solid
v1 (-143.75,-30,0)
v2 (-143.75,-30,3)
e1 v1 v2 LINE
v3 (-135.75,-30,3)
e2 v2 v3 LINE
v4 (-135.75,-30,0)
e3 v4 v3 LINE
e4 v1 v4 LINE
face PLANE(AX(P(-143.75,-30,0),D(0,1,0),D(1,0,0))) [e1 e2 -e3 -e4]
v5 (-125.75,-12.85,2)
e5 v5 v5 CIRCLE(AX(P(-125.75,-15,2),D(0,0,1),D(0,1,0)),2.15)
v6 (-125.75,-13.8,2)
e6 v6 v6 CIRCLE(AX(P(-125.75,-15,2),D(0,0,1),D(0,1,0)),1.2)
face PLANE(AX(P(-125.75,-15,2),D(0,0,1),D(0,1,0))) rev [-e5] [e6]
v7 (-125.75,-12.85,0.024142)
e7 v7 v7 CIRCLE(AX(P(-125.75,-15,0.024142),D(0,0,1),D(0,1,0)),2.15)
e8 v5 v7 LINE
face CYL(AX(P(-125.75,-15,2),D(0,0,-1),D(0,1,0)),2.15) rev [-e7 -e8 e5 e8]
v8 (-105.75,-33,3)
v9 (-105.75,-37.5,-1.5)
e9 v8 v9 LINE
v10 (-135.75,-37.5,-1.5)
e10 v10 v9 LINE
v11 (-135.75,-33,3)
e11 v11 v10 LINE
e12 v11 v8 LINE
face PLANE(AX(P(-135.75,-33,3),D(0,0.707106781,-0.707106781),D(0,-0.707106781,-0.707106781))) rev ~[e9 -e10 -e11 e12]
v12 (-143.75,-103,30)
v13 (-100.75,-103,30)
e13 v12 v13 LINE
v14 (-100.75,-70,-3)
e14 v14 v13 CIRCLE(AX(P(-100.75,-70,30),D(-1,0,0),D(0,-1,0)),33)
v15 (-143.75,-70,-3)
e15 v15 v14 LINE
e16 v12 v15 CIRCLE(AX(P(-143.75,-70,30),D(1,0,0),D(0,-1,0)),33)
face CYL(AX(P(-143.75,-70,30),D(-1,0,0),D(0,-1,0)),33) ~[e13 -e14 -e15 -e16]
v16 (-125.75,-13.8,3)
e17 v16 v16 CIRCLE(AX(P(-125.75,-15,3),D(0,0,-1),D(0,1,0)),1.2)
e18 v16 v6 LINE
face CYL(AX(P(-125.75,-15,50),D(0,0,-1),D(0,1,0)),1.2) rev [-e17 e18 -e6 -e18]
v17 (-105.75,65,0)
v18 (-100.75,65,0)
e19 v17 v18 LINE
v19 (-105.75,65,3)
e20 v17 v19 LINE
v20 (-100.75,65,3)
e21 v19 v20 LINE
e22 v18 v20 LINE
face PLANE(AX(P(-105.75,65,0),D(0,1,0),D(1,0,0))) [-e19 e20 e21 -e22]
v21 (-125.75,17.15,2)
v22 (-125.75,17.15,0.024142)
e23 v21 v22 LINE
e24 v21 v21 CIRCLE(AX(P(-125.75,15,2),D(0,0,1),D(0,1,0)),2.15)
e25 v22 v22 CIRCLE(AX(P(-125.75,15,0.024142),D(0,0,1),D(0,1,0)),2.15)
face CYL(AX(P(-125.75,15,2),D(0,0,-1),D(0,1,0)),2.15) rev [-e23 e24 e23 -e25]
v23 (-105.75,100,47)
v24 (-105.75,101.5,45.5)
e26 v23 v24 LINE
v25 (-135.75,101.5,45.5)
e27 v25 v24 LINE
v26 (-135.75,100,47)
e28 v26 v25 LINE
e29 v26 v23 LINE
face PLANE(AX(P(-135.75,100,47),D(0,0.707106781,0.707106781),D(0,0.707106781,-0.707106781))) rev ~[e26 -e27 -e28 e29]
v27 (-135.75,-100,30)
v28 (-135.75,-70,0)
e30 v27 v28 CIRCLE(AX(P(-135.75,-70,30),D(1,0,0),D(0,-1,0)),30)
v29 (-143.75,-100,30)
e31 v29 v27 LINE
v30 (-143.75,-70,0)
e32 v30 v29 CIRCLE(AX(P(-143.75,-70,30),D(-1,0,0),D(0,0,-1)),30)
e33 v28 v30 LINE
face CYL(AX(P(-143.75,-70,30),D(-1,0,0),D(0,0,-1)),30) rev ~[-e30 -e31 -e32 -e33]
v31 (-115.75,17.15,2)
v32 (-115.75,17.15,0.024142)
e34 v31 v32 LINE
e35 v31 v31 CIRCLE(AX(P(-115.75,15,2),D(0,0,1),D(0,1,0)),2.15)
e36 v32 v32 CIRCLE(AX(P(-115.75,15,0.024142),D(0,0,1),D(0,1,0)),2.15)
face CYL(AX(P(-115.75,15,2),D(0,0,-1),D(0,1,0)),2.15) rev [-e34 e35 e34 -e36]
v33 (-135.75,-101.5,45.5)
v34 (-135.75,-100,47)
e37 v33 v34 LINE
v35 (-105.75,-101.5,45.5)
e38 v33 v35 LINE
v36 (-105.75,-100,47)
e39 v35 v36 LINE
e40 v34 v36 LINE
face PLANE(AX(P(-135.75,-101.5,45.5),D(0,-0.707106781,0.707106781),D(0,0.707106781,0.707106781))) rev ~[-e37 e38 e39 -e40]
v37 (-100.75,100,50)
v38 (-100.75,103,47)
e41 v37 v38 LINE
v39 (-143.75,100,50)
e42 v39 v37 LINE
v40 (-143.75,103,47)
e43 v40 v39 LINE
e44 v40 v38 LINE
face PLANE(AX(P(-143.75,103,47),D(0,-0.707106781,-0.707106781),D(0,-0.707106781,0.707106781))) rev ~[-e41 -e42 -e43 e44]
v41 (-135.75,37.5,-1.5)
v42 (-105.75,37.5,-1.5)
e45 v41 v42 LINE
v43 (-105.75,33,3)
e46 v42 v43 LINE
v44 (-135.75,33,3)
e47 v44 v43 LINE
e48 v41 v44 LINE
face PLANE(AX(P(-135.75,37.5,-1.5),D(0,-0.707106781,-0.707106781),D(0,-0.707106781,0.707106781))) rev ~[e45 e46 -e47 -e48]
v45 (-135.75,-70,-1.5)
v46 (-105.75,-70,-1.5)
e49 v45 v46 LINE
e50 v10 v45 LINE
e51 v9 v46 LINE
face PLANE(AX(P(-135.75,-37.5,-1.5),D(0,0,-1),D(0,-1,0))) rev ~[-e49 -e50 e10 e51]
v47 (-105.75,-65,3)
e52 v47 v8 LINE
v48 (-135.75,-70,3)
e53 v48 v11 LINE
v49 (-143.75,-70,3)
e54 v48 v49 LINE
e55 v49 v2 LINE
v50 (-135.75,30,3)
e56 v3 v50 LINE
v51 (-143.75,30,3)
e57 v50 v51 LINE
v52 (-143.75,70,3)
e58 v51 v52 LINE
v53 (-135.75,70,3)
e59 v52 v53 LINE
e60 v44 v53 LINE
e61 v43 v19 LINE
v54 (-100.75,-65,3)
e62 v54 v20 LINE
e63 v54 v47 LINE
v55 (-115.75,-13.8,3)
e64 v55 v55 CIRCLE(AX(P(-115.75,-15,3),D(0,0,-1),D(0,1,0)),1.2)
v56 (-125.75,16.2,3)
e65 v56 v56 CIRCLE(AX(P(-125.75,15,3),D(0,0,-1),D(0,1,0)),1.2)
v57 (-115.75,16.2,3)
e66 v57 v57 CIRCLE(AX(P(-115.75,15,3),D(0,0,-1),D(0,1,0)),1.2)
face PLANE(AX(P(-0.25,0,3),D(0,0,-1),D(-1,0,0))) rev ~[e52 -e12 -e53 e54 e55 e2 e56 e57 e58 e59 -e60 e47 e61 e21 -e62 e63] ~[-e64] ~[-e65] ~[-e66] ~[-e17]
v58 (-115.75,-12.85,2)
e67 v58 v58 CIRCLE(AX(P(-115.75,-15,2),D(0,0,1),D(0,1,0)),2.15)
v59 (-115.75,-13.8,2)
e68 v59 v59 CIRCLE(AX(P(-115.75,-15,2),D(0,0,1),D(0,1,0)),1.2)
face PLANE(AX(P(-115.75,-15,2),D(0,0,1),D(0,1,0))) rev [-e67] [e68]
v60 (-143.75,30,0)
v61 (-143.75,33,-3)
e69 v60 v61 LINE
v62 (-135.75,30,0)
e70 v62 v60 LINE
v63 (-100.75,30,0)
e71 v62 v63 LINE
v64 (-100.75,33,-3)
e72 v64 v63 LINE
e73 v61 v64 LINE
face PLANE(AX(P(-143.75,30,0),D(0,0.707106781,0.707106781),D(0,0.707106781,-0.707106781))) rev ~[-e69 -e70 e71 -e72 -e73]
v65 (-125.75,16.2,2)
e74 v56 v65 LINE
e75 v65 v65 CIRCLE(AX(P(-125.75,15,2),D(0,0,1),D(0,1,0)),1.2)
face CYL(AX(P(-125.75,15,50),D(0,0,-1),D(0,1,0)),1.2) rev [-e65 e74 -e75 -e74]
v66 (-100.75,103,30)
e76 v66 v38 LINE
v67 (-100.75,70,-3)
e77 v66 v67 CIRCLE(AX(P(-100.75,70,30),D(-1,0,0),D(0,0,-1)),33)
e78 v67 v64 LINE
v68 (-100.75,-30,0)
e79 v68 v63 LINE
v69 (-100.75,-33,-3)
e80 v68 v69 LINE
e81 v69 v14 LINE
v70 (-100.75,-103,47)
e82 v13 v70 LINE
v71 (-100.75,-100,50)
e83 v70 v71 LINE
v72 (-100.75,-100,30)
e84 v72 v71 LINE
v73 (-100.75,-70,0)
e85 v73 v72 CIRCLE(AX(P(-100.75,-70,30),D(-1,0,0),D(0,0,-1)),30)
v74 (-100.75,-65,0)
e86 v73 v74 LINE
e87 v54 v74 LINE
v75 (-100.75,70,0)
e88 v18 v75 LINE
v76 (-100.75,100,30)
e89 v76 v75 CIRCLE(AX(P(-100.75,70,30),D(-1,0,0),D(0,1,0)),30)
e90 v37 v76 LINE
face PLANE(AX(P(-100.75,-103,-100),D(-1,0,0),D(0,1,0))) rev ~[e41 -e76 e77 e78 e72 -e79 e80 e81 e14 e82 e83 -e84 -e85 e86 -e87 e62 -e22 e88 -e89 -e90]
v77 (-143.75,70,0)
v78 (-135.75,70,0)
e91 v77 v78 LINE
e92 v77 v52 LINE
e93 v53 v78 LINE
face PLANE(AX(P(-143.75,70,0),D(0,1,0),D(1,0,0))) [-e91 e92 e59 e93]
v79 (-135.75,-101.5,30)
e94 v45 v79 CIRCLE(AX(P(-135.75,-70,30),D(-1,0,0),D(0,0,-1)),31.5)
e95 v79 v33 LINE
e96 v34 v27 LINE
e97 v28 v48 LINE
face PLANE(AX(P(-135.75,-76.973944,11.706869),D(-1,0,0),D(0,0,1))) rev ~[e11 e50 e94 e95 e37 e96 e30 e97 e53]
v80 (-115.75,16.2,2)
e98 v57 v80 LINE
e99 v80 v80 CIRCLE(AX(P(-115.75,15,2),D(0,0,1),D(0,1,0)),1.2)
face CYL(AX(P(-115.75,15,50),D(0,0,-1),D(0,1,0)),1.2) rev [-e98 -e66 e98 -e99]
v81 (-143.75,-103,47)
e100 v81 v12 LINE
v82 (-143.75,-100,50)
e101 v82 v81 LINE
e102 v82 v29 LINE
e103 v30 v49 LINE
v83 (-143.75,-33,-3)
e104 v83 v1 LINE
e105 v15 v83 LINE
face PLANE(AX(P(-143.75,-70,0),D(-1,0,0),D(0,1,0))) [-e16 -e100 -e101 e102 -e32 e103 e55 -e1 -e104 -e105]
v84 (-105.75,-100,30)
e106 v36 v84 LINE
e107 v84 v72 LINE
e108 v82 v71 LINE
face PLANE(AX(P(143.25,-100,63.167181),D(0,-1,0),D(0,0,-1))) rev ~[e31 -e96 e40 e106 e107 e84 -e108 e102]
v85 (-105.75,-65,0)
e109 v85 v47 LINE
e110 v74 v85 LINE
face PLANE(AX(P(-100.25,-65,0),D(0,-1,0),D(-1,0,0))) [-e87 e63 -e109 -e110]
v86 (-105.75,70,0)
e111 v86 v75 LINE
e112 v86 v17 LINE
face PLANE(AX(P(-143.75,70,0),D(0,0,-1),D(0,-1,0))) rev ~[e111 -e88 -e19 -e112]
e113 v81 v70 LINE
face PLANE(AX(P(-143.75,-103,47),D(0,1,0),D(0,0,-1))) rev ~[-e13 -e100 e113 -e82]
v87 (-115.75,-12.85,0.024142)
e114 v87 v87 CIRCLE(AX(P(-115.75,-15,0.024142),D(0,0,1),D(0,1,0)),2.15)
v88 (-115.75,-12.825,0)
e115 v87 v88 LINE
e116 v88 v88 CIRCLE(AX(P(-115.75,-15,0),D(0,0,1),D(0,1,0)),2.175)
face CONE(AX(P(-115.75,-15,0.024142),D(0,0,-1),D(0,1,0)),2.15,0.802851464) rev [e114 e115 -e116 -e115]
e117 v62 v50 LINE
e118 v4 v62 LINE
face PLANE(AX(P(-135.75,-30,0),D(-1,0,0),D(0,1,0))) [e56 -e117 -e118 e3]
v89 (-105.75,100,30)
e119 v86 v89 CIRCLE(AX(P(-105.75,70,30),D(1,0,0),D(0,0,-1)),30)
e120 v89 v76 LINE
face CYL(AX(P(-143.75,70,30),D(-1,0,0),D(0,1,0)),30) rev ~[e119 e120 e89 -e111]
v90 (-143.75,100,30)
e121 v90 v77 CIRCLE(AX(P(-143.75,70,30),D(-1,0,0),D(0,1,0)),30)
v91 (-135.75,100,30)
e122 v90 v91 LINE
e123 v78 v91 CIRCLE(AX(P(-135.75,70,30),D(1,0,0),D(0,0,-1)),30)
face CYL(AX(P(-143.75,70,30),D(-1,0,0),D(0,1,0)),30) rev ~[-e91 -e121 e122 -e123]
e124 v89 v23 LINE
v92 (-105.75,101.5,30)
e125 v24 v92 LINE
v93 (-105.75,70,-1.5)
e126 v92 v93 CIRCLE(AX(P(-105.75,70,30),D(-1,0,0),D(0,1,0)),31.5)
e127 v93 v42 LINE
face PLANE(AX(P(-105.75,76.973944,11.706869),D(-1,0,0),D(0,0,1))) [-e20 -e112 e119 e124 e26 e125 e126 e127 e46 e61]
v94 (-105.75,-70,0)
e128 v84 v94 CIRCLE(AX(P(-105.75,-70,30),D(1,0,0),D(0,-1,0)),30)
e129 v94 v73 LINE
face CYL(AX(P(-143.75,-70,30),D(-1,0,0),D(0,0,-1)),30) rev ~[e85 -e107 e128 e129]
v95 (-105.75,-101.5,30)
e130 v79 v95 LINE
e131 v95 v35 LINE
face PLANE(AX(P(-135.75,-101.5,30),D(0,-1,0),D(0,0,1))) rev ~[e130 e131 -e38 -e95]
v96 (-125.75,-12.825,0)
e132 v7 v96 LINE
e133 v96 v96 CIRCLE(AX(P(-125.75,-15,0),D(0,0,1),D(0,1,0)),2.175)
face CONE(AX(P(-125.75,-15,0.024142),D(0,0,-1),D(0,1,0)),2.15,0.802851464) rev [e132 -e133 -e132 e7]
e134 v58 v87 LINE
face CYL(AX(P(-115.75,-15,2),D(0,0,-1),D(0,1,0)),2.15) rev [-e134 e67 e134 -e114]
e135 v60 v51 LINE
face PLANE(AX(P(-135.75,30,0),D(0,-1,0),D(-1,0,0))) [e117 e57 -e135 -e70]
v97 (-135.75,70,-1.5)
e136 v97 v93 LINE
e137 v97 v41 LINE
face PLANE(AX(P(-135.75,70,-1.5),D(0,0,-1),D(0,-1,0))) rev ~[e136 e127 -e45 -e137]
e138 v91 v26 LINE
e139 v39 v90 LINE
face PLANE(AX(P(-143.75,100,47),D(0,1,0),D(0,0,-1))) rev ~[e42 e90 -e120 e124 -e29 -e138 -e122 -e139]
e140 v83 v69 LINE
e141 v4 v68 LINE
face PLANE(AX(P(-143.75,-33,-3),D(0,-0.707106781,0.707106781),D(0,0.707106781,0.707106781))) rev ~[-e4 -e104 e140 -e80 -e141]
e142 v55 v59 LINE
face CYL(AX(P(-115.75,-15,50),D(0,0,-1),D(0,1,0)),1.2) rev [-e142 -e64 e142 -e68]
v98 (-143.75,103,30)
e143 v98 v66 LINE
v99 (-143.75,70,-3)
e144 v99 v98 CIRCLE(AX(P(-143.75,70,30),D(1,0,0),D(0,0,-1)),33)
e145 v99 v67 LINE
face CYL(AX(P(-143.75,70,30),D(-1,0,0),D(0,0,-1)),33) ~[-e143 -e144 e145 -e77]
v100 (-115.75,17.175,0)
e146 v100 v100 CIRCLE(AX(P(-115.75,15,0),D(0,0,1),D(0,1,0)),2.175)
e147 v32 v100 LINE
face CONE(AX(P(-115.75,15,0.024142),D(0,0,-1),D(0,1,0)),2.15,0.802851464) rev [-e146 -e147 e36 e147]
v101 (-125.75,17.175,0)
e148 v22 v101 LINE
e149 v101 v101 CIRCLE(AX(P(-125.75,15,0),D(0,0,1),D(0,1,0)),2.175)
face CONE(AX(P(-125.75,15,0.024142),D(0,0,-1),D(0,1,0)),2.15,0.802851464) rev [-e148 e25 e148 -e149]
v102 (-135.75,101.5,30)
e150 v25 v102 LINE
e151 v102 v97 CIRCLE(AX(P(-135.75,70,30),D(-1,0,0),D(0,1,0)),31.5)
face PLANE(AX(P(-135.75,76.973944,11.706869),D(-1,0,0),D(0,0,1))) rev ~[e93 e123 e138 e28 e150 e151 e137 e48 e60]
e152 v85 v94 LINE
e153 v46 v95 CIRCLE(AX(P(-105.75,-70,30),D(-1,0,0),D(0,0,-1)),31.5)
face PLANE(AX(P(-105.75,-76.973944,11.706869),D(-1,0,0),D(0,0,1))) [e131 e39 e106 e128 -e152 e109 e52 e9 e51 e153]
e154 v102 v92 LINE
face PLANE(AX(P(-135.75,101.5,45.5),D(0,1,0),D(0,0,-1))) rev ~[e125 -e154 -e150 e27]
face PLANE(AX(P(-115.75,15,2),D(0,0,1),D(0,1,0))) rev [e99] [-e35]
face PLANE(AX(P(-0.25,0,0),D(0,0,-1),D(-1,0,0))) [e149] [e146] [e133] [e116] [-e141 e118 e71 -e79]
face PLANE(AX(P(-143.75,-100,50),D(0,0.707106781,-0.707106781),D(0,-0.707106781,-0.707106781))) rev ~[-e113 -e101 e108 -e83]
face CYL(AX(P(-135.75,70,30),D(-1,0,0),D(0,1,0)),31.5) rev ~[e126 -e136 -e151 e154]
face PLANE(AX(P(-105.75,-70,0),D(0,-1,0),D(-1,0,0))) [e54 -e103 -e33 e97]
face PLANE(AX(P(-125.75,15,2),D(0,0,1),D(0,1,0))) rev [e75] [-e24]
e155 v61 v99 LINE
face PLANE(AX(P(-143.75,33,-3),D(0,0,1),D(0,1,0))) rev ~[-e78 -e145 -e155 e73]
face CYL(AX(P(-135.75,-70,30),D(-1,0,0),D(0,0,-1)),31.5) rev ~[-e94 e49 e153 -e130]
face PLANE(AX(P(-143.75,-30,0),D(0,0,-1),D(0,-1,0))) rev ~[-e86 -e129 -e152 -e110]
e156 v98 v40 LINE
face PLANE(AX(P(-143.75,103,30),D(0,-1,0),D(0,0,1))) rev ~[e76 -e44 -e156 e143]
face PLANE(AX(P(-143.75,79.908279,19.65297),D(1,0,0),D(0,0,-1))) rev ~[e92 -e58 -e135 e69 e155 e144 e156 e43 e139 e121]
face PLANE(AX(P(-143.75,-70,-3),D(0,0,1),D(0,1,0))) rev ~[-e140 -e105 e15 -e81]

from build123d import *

# Parameters (mm, degrees)
EXTRUDE_1_DEPTH          = 3
EXTRUDE_2_DEPTH          = 287
SKETCH_4_W               = 21.736589458
SKETCH_4_H               = 200
CUT_EXTRUDE_1_DEPTH      = 43
SKETCH_5_W               = 23.415155123
SKETCH_5_H               = 200
CUT_EXTRUDE_2_DEPTH      = 43
CUT_EXTRUDE_6_DEPTH      = 100
CUT_EXTRUDE_6_DEPTH_BACK = 100
SKETCH_6_W               = 303.843563536
SKETCH_6_H               = 206
HOLE_WIZARD_1_AT_2_COUNT = 2
HOLE_WIZARD_1_AT_2_PITCH = 10
HOLE_WIZARD_1_AT_3_COUNT = 2
HOLE_WIZARD_1_AT_3_PITCH = 31.622776602
HOLE_WIZARD_1_AT_4_COUNT = 2
HOLE_WIZARD_1_AT_4_PITCH = 30
CUT_EXTRUDE_7_DEPTH      = 30


with BuildPart() as part:
    # 草图1 → 凸台-拉伸1 (new body)
    with BuildSketch(Plane.XY):
        Polygon((-143.75, 30), (-143.75, 70), (-105.75, 70), (-105.75, 65), (-100.25, 65), (-100.25, 70), (99.75, 70), (99.75, 65), (105.25, 65), (105.25, 70), (143.25, 70), (143.25, 30), (135.25, 30), (135.25, -30), (143.25, -30), (143.25, -70), (105.25, -70), (105.25, -65), (99.75, -65), (99.75, -70), (-100.25, -70), (-100.25, -65), (-105.75, -65), (-105.75, -70), (-143.75, -70), (-143.75, -30), (-135.75, -30), (-135.75, 30), align=None)
    extrude(amount=EXTRUDE_1_DEPTH)

    # 草图2 → 凸台-拉伸2 (add)
    with BuildSketch(Plane.ZY.offset(143.75)):
        with BuildLine():
            Line((0, 70), (0, 30))
            Line((0, 30), (-3, 33))
            Line((-3, 33), (-3, 70))
            ThreePointArc((-3, 70), (6.665476221, 93.334523779), (30, 103))
            Line((30, 103), (47, 103))
            Line((47, 103), (50, 100))
            Line((50, 100), (45, 90))
            Line((45, 90), (60, 90))
            Line((60, 90), (60, 87))
            Line((60, 87), (41, 87))
            Line((41, 87), (47, 100))
            Line((47, 100), (30, 100))
            ThreePointArc((30, 100), (8.786796564, 91.213203436), (0, 70))
        make_face()
        with BuildLine():
            Line((30, -100), (47, -100))
            Line((47, -100), (41, -87))
            Line((41, -87), (60, -87))
            Line((60, -87), (60, -90))
            Line((60, -90), (45, -90))
            Line((45, -90), (50, -100))
            Line((50, -100), (47, -103))
            Line((47, -103), (30, -103))
            ThreePointArc((30, -103), (6.665476221, -93.334523779), (-3, -70))
            Line((-3, -70), (-3, -33))
            Line((-3, -33), (0, -30))
            Line((0, -30), (0, -70))
            ThreePointArc((0, -70), (8.786796564, -91.213203436), (30, -100))
        make_face()
    extrude(amount=-EXTRUDE_2_DEPTH)

    # 草图4 → 切除-拉伸1 (cut)
    with BuildSketch(Plane.ZY.offset(143.75)):
        with Locations((49.368294729, 0)):
            Rectangle(SKETCH_4_W, SKETCH_4_H)
    extrude(amount=-CUT_EXTRUDE_1_DEPTH, mode=Mode.SUBTRACT)

    # 草图5 → 切除-拉伸2 (cut)
    with BuildSketch(Plane(origin=(143.25, 0, 0), x_dir=(0, 0, -1), z_dir=(1, 0, 0))):
        with Locations((-51.459603014, 0)):
            Rectangle(SKETCH_5_W, SKETCH_5_H)
    extrude(amount=-CUT_EXTRUDE_2_DEPTH, mode=Mode.SUBTRACT)

    # 草图6 → 切除-拉伸6 (cut, two sides: drawn at the far end of the back side and taken through both)
    with BuildSketch(Plane.XY.offset(-CUT_EXTRUDE_6_DEPTH_BACK)):
        with Locations((51.171781768, 0)):
            Rectangle(SKETCH_6_W, SKETCH_6_H)
    extrude(amount=CUT_EXTRUDE_6_DEPTH + CUT_EXTRUDE_6_DEPTH_BACK, mode=Mode.SUBTRACT)

    # 草图8 → 大小六角凹头盖螺钉柱孔1 (revolve, cut)
    with BuildSketch(Plane(origin=(-115.75, 15, 0), x_dir=(0, 1, 0), z_dir=(1, 0, 0))):
        Polygon((0, 0), (0, 50), (1.2, 50), (1.2, 2), (2.15, 2), (2.15, 0.024142219), (2.175, 0), align=None)
    hole_wizard_1 = revolve(axis=Axis((-115.75, 15, -6.35), (0, 0, 1)), mode=Mode.SUBTRACT)

    # 大小六角凹头盖螺钉柱孔1 at 2: 大小六角凹头盖螺钉柱孔1 ×2
    with Locations(*[(-i * HOLE_WIZARD_1_AT_2_PITCH, 0, 0) for i in range(1, HOLE_WIZARD_1_AT_2_COUNT)]):
        add(hole_wizard_1, mode=Mode.SUBTRACT)

    # 大小六角凹头盖螺钉柱孔1 at 3: 大小六角凹头盖螺钉柱孔1 ×2
    with Locations(*[Vector(-0.3162277660168408, -0.9486832980505129, 0) * (i * HOLE_WIZARD_1_AT_3_PITCH) for i in range(1, HOLE_WIZARD_1_AT_3_COUNT)]):
        add(hole_wizard_1, mode=Mode.SUBTRACT)

    # 大小六角凹头盖螺钉柱孔1 at 4: 大小六角凹头盖螺钉柱孔1 ×2
    with Locations(*[(0, -i * HOLE_WIZARD_1_AT_4_PITCH, 0) for i in range(1, HOLE_WIZARD_1_AT_4_COUNT)]):
        add(hole_wizard_1, mode=Mode.SUBTRACT)

    # 草图10 → 切除-拉伸7 (cut)
    with BuildSketch(Plane.ZY.offset(135.75)):
        with BuildLine():
            Line((30, 100), (47, 100))
            Line((47, 100), (45.5, 101.5))
            Line((45.5, 101.5), (30, 101.5))
            ThreePointArc((30, 101.5), (7.726136393, 92.273863607), (-1.5, 70))
            Line((-1.5, 70), (-1.5, 37.5))
            Line((-1.5, 37.5), (3, 33))
            Line((3, 33), (3, 70))
            Line((3, 70), (0, 70))
            ThreePointArc((0, 70), (8.786796564, 91.213203436), (30, 100))
        make_face()
        with BuildLine():
            Line((-1.5, -37.5), (-1.5, -70))
            ThreePointArc((-1.5, -70), (7.726136393, -92.273863607), (30, -101.5))
            Line((30, -101.5), (45.5, -101.5))
            Line((45.5, -101.5), (47, -100))
            Line((47, -100), (30, -100))
            ThreePointArc((30, -100), (8.786796564, -91.213203436), (0, -70))
            Line((0, -70), (3, -70))
            Line((3, -70), (3, -33))
            Line((3, -33), (-1.5, -37.5))
        make_face()
    extrude(amount=-CUT_EXTRUDE_7_DEPTH, mode=Mode.SUBTRACT)


solid = part.part
